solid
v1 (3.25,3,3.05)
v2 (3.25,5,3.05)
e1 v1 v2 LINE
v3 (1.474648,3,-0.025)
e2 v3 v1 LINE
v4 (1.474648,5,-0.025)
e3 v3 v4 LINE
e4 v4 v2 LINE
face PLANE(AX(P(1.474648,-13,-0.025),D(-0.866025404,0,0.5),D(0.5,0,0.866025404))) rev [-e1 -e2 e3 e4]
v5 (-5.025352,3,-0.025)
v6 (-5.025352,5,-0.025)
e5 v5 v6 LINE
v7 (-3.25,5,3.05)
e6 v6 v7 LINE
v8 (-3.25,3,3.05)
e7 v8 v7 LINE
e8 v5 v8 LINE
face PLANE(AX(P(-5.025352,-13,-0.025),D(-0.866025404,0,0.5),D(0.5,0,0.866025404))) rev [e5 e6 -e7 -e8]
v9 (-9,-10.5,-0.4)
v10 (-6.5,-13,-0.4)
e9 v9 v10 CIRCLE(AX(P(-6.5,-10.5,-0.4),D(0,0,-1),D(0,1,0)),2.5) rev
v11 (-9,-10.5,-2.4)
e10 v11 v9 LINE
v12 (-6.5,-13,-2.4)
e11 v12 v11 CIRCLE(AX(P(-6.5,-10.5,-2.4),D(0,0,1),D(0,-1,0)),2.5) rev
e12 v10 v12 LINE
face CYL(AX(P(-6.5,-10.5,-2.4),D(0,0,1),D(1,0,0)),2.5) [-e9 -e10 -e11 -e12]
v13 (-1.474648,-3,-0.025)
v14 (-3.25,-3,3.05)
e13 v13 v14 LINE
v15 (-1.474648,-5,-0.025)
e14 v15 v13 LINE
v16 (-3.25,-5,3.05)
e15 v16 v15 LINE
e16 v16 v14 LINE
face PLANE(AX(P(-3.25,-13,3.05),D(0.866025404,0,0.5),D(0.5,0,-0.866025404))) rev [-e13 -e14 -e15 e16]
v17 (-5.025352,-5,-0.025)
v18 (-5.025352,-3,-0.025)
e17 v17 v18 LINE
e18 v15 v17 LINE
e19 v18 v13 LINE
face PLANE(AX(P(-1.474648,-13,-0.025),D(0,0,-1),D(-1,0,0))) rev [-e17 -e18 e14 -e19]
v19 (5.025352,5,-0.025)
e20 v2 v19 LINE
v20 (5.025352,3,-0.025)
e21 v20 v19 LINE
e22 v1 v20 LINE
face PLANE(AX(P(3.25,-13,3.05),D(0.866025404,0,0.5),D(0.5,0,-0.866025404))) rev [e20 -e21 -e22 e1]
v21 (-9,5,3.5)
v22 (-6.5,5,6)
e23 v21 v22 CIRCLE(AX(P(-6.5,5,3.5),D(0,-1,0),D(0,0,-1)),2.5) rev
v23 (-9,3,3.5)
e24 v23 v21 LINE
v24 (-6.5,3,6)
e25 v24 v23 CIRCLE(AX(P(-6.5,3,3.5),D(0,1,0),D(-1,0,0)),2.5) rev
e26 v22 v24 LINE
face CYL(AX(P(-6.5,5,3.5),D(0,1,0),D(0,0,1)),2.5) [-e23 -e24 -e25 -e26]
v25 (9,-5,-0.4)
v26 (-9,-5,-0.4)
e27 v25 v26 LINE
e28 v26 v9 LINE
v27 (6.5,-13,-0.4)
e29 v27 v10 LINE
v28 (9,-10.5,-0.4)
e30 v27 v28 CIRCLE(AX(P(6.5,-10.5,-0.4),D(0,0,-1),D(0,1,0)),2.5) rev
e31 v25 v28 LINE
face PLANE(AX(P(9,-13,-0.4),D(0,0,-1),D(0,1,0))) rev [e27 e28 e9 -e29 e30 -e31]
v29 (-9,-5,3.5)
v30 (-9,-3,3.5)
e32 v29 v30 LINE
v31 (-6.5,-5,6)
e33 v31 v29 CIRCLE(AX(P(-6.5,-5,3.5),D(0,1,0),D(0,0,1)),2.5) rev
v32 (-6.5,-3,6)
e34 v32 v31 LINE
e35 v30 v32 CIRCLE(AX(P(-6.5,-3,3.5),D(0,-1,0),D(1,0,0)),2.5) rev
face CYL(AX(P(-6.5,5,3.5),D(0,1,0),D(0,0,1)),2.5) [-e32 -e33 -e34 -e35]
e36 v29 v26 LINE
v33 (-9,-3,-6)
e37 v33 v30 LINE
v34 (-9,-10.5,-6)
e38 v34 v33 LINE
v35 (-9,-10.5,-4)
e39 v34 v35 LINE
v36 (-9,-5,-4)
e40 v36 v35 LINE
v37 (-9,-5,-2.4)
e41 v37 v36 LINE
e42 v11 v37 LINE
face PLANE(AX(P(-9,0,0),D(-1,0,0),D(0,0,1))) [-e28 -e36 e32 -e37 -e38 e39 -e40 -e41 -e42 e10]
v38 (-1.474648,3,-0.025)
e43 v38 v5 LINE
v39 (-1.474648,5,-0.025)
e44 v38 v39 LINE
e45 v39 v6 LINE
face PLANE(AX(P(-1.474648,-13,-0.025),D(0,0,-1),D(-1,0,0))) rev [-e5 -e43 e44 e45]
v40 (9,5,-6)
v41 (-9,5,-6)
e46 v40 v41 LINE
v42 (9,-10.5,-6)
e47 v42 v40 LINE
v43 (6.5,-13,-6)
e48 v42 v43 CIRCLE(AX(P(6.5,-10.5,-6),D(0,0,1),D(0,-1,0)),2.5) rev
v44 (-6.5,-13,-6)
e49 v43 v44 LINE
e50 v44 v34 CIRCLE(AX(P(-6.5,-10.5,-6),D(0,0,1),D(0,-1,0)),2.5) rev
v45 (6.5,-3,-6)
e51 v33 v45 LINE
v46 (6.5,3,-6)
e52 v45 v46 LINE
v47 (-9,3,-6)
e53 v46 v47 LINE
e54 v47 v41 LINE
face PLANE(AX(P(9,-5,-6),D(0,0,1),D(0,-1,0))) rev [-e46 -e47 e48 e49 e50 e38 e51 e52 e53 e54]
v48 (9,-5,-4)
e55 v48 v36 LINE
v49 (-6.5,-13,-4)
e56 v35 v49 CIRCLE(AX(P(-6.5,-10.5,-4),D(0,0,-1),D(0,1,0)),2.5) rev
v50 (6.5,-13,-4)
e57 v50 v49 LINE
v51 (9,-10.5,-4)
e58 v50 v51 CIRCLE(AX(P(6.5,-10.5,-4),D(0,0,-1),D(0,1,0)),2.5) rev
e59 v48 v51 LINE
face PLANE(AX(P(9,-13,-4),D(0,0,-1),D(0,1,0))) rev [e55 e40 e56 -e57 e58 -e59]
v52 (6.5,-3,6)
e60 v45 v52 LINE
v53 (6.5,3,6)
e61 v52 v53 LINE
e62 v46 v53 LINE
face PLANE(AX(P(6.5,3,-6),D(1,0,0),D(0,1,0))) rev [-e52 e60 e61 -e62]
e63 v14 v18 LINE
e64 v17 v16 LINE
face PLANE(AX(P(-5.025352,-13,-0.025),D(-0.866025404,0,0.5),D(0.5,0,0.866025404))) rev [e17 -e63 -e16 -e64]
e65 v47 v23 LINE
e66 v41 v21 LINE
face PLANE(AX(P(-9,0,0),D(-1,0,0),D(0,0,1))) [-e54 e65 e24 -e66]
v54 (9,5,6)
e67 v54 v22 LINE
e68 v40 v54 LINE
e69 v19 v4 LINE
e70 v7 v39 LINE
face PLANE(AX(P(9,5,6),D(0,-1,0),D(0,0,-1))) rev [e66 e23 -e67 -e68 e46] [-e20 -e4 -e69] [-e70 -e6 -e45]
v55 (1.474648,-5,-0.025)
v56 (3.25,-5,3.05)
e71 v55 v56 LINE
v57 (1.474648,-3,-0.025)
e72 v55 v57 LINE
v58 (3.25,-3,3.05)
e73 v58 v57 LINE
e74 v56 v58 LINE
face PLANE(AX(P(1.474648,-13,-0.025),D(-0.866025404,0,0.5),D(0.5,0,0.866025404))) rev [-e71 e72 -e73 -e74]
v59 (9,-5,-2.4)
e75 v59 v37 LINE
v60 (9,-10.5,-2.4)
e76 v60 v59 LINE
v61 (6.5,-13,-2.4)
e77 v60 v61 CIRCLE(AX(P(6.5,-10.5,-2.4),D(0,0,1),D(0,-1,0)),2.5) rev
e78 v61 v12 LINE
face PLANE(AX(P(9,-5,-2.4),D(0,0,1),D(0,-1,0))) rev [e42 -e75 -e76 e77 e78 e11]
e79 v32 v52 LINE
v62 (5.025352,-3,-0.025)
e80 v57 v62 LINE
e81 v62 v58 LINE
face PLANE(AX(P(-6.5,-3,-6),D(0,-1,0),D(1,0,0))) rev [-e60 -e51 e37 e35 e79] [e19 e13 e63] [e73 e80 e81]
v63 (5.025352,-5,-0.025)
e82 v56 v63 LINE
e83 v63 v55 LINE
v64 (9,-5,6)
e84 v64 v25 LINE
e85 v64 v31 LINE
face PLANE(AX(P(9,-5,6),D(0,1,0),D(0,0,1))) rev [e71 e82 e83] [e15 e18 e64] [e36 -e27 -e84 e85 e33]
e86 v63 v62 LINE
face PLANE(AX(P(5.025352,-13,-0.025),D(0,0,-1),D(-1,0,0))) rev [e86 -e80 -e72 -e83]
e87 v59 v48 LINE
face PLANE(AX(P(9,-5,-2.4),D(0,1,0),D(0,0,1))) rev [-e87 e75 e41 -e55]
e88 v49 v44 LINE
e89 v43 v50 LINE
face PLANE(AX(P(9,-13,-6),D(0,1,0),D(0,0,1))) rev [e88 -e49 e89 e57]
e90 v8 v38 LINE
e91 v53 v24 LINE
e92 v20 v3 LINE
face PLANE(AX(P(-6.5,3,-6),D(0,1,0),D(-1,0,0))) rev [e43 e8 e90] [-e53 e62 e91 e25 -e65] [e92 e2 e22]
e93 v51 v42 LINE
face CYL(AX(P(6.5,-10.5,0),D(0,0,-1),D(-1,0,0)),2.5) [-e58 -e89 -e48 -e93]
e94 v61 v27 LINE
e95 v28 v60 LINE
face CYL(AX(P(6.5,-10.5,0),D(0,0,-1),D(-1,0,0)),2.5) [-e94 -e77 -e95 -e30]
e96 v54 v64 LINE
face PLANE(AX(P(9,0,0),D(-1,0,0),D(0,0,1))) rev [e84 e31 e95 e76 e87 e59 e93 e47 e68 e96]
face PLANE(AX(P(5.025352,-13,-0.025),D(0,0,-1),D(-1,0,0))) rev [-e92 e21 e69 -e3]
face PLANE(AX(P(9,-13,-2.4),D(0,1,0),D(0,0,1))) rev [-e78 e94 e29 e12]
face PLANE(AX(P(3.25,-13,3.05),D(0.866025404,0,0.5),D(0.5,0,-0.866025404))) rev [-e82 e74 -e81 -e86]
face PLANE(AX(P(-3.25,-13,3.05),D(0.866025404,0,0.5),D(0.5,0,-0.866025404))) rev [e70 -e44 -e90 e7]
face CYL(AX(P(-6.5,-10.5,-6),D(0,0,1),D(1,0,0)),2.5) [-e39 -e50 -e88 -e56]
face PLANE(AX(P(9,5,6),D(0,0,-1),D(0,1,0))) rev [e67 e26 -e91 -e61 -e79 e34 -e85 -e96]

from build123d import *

# Parameters (mm, degrees)
BOSS_EXTRUDE1_DEPTH = 9
CUT_EXTRUDE1_DEPTH  = 13
CUT_EXTRUDE2_DEPTH  = 19
FILLET1_R           = 2.5


with BuildPart() as part:
    # Sketch1 → Boss-Extrude1 (new body, symmetric)
    with BuildSketch(Plane(origin=(0, 0, 0), x_dir=(0, 0, -1), z_dir=(1, 0, 0))):
        Polygon((6, -5), (6, -13), (4, -13), (4, -5), (2.4, -5), (2.4, -13), (0.4, -13), (0.4, -5), (-6, -5), (-6, 5), (6, 5), align=None)
    extrude(amount=BOSS_EXTRUDE1_DEPTH, both=True)

    # Sketch2 → Cut-Extrude1 (cut, through all)
    with BuildSketch(Plane.XY.offset(6)):
        Polygon((-6.5, 3), (-9, 3), (-9, -3), (-6.5, -3), (6.5, -3), (6.5, 3), align=None)
    extrude(amount=-CUT_EXTRUDE1_DEPTH, mode=Mode.SUBTRACT)

    # Sketch4 → Cut-Extrude2 (cut, through all)
    with BuildSketch(Plane(origin=(0, 5, 0), x_dir=(1, 0, 0), z_dir=(0, 1, 0))):
        Polygon((3.25, -3.05), (5.025352078, 0.025), (1.474647922, 0.025), align=None)
        Polygon((-1.474647922, 0.025), (-5.025352078, 0.025), (-3.25, -3.05), align=None)
    extrude(amount=-CUT_EXTRUDE2_DEPTH, mode=Mode.SUBTRACT)

    # Fillet1
    fillet1_edges = [part.edges().sort_by_distance(p)[0] for p in [
        (-9, -13, -5),
        (-9, -13, -1.4),
        (-9, 4, 6),
        (9, -13, -1.4),
        (9, -13, -5),
        (-9, -4, 6),
    ]]
    fillet(fillet1_edges, radius=FILLET1_R)


solid = part.part
